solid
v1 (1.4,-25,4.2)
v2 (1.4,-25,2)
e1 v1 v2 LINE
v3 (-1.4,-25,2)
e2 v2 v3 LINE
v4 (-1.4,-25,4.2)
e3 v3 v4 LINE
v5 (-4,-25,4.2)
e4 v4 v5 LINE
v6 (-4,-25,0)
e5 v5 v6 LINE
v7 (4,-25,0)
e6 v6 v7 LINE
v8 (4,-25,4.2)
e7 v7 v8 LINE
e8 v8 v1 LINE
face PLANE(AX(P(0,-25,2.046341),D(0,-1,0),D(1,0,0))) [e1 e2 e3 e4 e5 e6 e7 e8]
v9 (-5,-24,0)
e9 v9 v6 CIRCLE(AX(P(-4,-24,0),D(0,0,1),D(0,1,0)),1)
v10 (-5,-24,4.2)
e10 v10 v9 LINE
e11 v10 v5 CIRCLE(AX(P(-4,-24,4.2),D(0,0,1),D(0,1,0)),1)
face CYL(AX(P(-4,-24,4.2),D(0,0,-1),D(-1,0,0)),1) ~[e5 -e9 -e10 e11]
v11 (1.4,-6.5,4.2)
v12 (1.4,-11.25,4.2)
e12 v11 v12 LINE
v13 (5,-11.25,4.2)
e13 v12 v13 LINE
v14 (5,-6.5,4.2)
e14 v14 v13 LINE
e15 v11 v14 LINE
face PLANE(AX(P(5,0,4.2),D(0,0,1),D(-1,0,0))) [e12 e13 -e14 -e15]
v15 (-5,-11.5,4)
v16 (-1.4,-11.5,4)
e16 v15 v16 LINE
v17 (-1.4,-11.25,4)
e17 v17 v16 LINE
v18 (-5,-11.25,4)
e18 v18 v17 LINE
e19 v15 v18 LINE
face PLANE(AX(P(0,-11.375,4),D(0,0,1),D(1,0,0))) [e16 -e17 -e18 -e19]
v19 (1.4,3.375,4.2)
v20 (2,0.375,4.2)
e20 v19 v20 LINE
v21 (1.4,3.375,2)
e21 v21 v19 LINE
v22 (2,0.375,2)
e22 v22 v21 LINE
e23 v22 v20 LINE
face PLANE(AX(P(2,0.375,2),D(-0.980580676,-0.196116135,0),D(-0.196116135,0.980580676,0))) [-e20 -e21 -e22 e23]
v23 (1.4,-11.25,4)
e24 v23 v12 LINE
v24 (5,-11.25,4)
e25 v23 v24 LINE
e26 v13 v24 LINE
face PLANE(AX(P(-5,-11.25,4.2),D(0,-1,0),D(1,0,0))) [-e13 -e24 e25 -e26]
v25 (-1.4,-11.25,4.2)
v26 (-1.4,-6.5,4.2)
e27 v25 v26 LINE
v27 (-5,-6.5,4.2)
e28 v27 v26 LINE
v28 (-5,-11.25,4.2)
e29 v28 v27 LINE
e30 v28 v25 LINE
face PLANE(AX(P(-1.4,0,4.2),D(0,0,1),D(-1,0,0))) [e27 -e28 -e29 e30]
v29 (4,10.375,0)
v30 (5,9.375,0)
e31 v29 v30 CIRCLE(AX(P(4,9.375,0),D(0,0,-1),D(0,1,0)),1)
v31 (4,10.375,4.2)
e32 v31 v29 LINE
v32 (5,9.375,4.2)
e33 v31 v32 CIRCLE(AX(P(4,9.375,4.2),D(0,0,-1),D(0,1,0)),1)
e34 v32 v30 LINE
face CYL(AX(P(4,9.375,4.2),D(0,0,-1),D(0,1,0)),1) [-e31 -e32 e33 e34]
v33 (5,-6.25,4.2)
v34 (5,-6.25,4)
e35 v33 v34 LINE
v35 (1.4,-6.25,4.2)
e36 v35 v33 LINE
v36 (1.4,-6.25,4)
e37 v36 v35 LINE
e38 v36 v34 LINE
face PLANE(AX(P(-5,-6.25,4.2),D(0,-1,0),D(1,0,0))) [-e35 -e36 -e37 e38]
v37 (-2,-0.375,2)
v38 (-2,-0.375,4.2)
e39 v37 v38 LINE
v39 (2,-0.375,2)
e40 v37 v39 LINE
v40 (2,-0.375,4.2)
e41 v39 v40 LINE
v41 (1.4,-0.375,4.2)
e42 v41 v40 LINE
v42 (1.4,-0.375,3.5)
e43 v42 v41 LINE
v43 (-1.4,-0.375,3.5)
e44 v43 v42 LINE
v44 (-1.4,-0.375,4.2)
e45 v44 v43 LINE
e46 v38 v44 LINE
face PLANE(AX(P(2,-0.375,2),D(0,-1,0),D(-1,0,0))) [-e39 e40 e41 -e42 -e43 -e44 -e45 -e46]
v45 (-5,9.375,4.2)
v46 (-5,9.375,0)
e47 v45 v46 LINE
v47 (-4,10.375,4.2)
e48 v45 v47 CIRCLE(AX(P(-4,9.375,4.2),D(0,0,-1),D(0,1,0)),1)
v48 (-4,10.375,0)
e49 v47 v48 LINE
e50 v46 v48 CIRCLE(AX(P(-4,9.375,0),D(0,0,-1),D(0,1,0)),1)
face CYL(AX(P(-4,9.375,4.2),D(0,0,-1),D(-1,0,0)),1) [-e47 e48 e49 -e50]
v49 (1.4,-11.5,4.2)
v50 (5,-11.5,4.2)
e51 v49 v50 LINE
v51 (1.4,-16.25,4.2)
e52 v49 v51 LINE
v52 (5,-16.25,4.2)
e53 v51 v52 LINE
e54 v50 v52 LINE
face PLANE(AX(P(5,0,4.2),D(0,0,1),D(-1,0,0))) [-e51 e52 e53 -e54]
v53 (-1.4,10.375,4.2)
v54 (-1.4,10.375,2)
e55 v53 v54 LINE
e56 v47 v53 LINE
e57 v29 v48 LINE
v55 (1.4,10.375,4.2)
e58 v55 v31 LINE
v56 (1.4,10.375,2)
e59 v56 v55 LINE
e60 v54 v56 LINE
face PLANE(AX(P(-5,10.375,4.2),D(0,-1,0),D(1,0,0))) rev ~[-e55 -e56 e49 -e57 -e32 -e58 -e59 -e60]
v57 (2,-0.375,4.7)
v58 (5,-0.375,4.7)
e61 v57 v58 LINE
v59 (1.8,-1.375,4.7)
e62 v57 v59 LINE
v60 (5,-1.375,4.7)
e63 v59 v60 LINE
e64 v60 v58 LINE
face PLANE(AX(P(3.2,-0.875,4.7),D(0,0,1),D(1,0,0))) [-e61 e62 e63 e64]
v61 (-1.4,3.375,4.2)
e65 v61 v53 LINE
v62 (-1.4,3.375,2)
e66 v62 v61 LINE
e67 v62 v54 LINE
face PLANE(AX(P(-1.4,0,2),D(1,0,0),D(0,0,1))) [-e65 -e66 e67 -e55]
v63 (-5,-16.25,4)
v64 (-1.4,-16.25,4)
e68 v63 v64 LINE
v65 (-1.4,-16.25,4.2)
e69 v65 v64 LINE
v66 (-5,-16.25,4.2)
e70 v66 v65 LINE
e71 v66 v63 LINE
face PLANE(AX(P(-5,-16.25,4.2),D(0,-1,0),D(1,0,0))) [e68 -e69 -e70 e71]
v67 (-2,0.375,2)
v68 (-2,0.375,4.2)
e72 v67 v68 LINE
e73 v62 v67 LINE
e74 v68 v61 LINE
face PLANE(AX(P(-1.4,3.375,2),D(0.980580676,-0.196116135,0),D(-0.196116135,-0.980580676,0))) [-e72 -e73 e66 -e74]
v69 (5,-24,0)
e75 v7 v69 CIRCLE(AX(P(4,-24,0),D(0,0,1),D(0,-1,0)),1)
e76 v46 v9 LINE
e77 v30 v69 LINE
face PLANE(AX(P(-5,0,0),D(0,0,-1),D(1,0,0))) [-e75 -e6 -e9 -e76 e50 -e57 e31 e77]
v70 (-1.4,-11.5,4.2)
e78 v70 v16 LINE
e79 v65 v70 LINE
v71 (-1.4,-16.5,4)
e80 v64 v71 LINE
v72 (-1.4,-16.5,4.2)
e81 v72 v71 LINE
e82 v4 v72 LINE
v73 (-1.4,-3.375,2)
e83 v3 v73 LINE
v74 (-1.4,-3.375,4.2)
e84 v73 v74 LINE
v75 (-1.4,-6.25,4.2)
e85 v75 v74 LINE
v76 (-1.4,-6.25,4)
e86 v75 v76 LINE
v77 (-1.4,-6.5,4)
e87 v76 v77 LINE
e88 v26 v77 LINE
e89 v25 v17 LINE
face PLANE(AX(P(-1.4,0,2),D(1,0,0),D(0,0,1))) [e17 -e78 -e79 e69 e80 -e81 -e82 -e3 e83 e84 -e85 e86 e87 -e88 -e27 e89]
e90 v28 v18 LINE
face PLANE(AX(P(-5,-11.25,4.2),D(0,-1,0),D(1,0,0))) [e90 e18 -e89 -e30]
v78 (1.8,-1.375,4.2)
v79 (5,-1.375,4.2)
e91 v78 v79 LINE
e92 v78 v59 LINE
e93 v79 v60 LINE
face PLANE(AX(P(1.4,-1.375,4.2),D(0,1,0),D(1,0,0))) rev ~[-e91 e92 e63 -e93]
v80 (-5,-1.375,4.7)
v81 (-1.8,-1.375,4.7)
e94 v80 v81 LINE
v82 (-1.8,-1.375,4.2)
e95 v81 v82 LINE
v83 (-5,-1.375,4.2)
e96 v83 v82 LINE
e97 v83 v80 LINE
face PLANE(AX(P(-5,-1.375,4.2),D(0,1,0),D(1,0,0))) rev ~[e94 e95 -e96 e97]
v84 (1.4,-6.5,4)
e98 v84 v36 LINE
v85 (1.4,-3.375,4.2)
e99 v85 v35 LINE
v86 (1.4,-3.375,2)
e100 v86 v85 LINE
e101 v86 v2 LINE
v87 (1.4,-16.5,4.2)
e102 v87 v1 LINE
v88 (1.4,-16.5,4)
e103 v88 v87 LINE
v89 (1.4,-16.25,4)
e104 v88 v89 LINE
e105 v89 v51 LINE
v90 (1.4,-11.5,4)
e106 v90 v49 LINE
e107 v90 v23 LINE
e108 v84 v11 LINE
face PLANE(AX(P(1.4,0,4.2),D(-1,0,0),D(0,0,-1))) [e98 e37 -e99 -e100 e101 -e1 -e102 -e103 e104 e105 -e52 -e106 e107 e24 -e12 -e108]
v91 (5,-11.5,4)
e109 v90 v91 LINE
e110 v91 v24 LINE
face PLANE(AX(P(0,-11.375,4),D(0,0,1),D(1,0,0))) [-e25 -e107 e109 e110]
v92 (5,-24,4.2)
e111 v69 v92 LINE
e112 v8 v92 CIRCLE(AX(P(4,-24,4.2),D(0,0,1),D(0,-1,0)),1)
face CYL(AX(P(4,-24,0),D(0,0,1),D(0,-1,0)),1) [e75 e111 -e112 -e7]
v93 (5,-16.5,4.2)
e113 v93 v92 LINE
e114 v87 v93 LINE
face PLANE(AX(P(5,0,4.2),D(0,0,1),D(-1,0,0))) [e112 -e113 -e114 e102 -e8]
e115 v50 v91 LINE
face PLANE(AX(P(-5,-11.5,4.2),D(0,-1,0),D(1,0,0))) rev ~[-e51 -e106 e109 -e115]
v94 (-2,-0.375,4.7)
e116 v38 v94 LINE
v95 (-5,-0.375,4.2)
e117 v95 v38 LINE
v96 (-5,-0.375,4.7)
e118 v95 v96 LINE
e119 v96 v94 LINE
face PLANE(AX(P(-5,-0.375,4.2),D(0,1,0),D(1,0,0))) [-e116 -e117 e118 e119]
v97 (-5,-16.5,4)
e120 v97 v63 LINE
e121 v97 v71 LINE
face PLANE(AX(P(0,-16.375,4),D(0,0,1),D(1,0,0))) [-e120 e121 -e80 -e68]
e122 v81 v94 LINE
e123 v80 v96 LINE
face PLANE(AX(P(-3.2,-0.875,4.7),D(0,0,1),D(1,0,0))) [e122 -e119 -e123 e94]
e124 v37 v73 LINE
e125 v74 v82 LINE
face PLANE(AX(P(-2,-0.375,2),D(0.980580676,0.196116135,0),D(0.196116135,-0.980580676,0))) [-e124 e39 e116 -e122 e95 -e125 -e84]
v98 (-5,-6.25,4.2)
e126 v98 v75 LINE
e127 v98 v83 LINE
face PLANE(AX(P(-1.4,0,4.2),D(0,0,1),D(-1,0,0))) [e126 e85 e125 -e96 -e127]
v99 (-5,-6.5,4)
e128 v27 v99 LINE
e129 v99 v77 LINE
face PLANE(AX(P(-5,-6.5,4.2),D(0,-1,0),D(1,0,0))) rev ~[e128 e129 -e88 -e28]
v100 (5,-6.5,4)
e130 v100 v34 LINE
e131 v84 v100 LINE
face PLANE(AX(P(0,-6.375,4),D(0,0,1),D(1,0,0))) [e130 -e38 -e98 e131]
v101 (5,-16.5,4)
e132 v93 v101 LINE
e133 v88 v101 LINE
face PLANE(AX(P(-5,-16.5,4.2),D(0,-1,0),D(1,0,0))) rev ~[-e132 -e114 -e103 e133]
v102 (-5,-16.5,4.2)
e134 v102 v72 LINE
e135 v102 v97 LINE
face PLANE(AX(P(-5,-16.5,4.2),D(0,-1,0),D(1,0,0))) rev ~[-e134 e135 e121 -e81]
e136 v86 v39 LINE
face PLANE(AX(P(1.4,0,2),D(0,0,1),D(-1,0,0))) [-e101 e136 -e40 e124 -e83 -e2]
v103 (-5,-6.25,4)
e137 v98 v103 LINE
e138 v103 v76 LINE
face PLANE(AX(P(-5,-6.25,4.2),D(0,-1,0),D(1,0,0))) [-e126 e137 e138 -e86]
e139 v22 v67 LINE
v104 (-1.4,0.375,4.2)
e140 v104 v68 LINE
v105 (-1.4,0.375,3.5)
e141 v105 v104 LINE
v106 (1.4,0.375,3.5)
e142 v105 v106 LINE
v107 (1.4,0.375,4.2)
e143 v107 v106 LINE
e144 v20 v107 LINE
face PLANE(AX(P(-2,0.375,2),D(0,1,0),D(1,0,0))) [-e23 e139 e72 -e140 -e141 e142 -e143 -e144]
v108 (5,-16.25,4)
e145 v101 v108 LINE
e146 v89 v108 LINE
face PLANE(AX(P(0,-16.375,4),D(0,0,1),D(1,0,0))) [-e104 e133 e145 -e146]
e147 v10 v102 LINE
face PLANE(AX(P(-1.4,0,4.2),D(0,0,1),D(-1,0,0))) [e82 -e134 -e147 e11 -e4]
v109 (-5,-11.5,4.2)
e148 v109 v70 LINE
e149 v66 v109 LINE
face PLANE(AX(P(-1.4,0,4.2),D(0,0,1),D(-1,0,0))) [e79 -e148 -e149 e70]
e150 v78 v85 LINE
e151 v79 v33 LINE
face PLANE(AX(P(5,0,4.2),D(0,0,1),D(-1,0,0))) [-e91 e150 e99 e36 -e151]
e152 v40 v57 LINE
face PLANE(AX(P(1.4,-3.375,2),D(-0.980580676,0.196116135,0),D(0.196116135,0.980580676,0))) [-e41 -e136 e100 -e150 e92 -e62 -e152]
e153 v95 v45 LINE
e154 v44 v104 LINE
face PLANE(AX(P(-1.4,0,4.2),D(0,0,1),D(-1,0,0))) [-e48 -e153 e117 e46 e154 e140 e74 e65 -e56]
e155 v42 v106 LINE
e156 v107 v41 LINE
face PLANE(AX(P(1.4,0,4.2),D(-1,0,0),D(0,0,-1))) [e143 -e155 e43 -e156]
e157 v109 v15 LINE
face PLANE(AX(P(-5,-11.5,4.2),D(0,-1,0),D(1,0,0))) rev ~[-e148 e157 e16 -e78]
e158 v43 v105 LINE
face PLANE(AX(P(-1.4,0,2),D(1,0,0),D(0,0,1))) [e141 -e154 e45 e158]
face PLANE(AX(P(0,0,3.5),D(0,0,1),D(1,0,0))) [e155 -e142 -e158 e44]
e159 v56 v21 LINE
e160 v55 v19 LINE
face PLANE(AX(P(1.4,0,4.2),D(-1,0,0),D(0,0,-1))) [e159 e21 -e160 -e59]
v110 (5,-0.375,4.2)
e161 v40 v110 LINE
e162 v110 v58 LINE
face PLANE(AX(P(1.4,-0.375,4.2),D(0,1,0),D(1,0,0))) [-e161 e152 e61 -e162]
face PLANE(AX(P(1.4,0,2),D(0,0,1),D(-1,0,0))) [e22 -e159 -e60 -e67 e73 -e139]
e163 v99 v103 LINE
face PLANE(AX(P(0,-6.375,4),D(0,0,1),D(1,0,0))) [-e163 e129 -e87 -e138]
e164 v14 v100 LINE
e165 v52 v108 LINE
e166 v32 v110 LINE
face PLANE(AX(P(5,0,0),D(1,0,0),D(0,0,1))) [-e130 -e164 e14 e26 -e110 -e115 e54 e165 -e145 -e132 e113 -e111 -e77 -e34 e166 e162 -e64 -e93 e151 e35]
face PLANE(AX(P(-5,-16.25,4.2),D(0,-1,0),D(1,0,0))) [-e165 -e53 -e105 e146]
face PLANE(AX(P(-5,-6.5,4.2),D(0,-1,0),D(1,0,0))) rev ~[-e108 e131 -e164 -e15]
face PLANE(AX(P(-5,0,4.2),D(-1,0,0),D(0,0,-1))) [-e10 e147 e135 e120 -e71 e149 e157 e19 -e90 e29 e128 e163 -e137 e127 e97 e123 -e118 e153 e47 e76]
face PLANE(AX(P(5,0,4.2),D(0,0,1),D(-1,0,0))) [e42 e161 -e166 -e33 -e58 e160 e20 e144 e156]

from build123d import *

# Parameters (mm, degrees)
F1_DEPTH  = 25
F2_W      = 2.8
F2_H      = 0.75
F3_DEPTH  = 1.5
F4_W      = 3.6
F4_H      = 1
F5_DEPTH  = 0.5
F6_W      = 10
F6_H      = 0.25
F7_DEPTH  = 0.2
F8_W      = 10
F8_H      = 14.625
F9_DEPTH  = 4.201
F10_R     = 1
F12_DEPTH = 2.701


with BuildPart() as f1:
    # F0 (on Front) → F1 (new body, symmetric)
    with BuildSketch(Plane.XZ):
        Polygon((-5, 4.2), (-5, 0), (5, 0), (5, 4.2), (1.4, 4.2), (1.4, 2), (-1.4, 2), (-1.4, 4.2), align=None)
    extrude(amount=F1_DEPTH, both=True)

    # F2 (on face) → F3 (join)
    with BuildSketch(Plane.XY.offset(2)):
        Rectangle(F2_W, F2_H)
    extrude(amount=F3_DEPTH)

    # F4 (on face) → F5 (join)
    with BuildSketch(Plane.XY.offset(4.2)):
        with Locations((3.2, -0.875)):
            Rectangle(F4_W, F4_H)
        with Locations((-3.2, -0.875)):
            Rectangle(F4_W, F4_H)
    extrude(amount=F5_DEPTH)

    # F6 (on face) → F7 (cut)
    with BuildSketch(Plane.XY.offset(4.2)):
        with Locations((0, -6.375)):
            Rectangle(F6_W, F6_H)
        with Locations((0, -11.375)):
            Rectangle(F6_W, F6_H)
        with Locations((0, -16.375)):
            Rectangle(F6_W, F6_H)
    extrude(amount=-F7_DEPTH, mode=Mode.SUBTRACT)

    # F8 (on face) → F9 (cut, through all)
    with BuildSketch(Plane.XY.offset(4.2)):
        with Locations((0, 17.6875)):
            Rectangle(F8_W, F8_H)
    extrude(amount=-F9_DEPTH, mode=Mode.SUBTRACT)

    # F10
    f10_edges = [f1.edges().sort_by_distance(p)[0] for p in [
        (-5, 10.375, 2.1),
        (5, 10.375, 2.1),
        (-5, -25, 2.1),
        (5, -25, 2.1),
    ]]
    fillet(f10_edges, radius=F10_R)

    # F11 (on face) → F12 (cut, through all)
    with BuildSketch(Plane.XY.offset(2)):
        Polygon((2, -0.375), (-2, -0.375), (-1.4, -3.375), (1.4, -3.375), align=None)
        Polygon((-1.4, 3.375), (-2, 0.375), (2, 0.375), (1.4, 3.375), align=None)
    extrude(amount=F12_DEPTH, mode=Mode.SUBTRACT)


solid = f1.part
